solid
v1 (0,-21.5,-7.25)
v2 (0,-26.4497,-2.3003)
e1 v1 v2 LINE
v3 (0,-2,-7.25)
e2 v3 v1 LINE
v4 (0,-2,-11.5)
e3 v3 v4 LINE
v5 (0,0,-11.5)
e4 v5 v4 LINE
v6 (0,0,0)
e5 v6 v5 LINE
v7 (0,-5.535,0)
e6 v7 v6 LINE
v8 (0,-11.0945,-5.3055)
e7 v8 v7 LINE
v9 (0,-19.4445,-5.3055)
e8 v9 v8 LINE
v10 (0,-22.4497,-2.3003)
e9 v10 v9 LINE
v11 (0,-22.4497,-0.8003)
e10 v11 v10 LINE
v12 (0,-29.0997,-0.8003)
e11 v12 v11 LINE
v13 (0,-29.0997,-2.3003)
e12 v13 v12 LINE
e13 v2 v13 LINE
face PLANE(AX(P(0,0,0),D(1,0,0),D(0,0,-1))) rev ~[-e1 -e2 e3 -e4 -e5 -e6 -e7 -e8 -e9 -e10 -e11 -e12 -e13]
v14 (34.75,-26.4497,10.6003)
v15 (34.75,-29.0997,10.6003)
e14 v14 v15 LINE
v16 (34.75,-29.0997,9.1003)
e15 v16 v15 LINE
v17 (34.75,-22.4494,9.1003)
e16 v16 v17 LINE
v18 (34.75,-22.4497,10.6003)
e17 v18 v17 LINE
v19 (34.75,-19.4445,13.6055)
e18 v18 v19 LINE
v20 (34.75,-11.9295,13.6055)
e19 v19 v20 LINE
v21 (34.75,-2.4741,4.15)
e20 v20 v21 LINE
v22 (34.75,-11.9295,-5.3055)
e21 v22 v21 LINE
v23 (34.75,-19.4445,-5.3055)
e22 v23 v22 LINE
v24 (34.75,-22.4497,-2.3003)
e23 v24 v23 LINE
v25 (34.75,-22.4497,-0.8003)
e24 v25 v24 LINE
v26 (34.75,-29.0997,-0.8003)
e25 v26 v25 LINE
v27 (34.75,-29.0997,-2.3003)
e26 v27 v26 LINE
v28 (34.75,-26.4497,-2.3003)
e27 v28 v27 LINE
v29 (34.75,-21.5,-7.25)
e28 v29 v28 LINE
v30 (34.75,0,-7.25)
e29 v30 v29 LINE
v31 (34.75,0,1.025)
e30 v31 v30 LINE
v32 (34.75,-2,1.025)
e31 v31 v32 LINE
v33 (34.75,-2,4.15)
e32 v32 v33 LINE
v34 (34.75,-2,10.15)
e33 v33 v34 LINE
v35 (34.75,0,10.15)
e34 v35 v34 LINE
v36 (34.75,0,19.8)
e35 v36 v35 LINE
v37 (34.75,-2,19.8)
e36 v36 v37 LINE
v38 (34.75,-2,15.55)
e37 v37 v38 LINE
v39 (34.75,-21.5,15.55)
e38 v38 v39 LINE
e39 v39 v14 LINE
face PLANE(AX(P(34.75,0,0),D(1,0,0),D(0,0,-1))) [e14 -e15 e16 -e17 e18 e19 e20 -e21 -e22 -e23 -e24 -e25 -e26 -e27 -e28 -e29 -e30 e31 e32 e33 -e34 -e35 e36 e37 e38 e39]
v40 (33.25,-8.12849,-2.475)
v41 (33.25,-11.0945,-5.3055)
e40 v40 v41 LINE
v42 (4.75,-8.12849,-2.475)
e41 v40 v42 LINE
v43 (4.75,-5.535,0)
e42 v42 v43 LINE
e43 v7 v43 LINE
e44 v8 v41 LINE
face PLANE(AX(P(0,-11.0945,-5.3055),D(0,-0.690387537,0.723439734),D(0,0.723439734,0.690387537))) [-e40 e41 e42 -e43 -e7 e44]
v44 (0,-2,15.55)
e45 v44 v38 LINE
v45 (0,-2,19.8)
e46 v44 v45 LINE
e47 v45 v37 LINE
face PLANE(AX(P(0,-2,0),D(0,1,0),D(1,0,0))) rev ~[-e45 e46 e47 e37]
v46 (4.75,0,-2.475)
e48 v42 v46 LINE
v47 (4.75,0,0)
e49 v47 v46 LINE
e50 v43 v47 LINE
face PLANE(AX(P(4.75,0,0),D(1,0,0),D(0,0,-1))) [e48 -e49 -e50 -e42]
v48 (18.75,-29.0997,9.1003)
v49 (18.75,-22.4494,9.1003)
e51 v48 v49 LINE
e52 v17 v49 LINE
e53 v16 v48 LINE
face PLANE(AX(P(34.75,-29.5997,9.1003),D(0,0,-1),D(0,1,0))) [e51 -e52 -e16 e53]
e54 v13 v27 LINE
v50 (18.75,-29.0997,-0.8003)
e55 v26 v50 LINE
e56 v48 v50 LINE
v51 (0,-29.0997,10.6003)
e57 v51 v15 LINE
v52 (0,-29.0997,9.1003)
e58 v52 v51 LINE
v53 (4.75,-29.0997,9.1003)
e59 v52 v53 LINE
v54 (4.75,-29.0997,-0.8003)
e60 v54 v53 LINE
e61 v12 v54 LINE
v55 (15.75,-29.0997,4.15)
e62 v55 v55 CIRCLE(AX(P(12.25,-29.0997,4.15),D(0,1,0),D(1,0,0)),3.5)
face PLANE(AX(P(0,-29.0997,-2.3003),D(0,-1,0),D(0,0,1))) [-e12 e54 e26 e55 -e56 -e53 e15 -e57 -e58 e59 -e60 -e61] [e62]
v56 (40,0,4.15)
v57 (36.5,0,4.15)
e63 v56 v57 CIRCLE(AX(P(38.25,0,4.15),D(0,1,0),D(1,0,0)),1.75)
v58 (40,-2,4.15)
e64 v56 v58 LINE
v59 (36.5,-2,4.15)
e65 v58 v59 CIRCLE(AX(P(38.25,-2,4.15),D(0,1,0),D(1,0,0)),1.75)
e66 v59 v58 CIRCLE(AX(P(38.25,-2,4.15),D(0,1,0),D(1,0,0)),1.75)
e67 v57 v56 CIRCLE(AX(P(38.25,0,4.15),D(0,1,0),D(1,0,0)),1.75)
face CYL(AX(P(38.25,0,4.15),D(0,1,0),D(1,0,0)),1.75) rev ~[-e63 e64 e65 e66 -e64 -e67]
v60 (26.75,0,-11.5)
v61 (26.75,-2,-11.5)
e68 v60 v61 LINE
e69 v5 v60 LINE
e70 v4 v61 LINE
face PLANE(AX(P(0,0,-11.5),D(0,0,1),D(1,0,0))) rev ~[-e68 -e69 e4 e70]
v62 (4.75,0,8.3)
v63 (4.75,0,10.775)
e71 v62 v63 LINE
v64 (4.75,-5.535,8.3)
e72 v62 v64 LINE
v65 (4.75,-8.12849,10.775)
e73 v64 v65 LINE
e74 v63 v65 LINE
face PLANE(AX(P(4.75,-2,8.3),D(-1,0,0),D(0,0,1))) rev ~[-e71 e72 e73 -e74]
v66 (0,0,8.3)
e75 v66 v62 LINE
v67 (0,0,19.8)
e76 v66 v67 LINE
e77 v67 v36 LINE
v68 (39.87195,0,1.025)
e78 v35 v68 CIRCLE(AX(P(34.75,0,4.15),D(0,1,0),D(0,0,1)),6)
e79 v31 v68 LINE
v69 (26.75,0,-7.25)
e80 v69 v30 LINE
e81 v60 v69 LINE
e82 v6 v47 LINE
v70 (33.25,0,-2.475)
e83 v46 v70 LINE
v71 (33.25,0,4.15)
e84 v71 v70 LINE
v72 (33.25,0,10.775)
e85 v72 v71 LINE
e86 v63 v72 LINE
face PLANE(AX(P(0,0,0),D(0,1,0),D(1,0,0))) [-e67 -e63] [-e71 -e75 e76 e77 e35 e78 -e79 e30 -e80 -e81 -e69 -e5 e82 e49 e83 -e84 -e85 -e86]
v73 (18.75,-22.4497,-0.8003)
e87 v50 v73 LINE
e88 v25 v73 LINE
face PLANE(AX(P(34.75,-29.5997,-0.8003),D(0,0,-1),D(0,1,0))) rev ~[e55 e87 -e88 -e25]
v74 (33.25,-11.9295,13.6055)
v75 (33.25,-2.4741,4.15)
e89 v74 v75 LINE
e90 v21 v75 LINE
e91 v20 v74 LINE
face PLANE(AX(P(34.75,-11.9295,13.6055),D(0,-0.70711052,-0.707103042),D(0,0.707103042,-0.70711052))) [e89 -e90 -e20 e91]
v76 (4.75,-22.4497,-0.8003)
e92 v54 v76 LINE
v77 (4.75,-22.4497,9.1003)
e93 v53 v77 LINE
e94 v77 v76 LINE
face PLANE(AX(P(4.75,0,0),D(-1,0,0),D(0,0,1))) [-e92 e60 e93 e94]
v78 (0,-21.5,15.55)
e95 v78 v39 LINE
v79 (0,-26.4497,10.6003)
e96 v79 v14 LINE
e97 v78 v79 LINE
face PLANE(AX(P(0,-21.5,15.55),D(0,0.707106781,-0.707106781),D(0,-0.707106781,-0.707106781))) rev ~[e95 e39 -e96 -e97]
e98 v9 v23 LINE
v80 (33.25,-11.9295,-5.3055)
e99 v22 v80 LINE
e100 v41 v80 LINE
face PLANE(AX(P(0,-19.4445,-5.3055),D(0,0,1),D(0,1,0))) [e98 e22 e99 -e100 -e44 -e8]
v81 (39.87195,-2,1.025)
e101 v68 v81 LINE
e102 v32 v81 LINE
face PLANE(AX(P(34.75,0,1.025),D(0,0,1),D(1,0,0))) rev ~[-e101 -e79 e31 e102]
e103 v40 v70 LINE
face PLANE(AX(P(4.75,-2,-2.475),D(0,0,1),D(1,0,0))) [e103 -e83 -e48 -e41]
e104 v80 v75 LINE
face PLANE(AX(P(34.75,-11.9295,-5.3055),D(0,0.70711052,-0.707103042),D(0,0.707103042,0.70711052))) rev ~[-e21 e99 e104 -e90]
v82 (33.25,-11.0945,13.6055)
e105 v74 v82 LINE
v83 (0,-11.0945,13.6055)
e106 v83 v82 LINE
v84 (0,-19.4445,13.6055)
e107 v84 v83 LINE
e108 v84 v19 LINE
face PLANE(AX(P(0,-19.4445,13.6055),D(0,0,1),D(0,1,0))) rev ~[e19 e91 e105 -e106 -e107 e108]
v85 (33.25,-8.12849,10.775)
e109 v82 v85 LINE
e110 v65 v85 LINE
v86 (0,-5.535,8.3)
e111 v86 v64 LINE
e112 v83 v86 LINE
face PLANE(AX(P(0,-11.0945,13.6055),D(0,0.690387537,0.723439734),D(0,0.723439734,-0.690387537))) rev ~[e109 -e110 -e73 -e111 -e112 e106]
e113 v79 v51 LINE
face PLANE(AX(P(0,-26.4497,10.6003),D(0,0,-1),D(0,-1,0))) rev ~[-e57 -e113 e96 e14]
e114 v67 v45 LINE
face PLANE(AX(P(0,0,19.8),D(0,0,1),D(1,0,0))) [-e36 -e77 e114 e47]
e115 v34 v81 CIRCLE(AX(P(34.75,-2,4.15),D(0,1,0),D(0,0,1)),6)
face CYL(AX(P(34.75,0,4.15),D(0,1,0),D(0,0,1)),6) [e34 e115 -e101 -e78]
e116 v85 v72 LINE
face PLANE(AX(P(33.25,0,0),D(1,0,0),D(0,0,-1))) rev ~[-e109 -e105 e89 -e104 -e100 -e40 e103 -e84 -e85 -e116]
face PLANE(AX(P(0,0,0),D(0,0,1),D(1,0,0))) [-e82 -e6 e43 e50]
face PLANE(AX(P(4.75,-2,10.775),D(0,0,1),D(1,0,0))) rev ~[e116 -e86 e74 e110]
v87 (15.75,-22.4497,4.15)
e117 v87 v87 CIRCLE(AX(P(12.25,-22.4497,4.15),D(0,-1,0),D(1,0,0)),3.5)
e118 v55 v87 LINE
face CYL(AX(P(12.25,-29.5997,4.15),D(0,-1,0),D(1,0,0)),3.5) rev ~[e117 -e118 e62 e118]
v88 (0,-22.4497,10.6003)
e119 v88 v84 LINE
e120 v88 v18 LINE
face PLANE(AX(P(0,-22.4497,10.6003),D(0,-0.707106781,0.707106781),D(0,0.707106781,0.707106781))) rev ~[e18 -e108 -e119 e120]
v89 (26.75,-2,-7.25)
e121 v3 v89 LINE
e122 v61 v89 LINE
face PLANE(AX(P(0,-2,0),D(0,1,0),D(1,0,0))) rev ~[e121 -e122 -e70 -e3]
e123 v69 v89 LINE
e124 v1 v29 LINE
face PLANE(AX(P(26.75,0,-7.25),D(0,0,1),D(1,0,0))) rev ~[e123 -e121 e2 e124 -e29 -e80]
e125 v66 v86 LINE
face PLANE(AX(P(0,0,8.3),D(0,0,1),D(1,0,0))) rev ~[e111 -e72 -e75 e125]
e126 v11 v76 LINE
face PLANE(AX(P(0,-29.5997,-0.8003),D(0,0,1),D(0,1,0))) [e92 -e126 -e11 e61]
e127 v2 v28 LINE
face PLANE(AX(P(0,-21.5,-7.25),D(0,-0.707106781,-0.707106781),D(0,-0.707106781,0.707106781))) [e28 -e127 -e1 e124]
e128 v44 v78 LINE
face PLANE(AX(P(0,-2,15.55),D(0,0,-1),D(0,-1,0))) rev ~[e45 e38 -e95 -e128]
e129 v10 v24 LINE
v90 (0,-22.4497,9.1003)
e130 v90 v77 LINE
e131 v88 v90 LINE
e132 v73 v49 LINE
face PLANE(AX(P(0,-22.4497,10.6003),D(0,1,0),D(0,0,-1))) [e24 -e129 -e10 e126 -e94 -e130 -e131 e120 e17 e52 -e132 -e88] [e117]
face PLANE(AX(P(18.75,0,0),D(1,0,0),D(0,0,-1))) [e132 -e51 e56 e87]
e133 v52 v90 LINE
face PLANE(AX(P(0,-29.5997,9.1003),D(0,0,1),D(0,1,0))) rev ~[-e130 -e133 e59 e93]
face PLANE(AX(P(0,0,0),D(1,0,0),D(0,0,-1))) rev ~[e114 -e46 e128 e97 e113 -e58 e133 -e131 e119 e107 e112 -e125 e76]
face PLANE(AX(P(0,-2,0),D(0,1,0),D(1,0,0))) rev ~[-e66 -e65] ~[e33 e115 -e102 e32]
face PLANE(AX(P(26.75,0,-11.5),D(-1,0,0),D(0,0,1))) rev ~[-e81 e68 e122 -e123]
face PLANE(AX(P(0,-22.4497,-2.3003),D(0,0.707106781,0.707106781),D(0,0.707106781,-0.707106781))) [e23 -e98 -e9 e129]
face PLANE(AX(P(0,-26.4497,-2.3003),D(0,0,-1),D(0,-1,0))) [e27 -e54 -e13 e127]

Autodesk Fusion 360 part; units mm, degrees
sketch "Sketch1" plane through (0, 0, 0) normal (0, 1, 0) x (1, 0, 0)
  line L0 (0, 0) -> (0, 11.5)
  line L1 (0, 0) -> (0, -8.3) construction
  line L2 (0, -8.3) -> (0, -19.8)
  line L3 (0, -19.8) -> (34.75, -19.8)
  line L4 (34.75, -19.8) -> (34.75, -10.025)
  line L5 (0, 11.5) -> (26.75, 11.5)
  line L6 (26.75, 11.5) -> (26.75, 7.25)
  line L7 (26.75, 7.25) -> (34.75, 7.25)
  line L8 (34.75, 7.25) -> (34.75, 1.85)
  line L9 (0, 0) -> (4.75, 0)
  line L10 (0, -8.3) -> (4.75, -8.3)
  line L11 (4.75, 0) -> (4.75, 2.475)
  line L12 (4.75, 2.475) -> (33.25, 2.475)
  line L13 (4.75, -8.3) -> (4.75, -10.775)
  line L14 (4.75, -10.775) -> (33.25, -10.775)
  line L15 (33.25, -10.775) -> (33.25, 2.475)
  line L16 (33.25, -4.15) -> (34.75, -4.15)
  arc A0 (34.75, -10.15) -> (34.75, 1.85) centre (34.75, -4.15) ccw
  line L17 (33.25, -4.15) -> (38.25, -4.15)
  circle A1 centre (38.25, -4.15) radius 1.75
  dimension "d1" = 11.5
  dimension "d2" = 8.3
  dimension "d3" = 11.5
  dimension "d4" = 34.75
  dimension "d5" = 9.775
  dimension "d6" = 26.75
  dimension "d7" = 4.25
  dimension "d8" = 8
  dimension "d10" = 4.75
  dimension "d11" = 4.75
  dimension "d12" = 2.475
  dimension "d13" = 28.5
  dimension "d14" = 2.475
  dimension "d15" = 28.5
  dimension "d16" = 12
  dimension "d17" = 5
  dimension "d18" = 3.5
extrude "Extrude1" add sketch "Sketch1" against normal blind 2
sketch "Sketch2" plane through (0, 0, 0) normal (-1, 0, 0) x (0, 0, 1)
  line L0 (0, 0) -> (-11.5, 0)
  line L1 (-11.5, 0) -> (-11.5, -2)
  line L2 (-11.5, -2) -> (0, -2)
  line L3 (0, -2) -> (0, 0)
  line L4 (0, -2) -> (0, -5.535)
  line L5 (8.3, -2) -> (8.3, -5.535)
  line L6 (0, -2) -> (-7.25, -2) construction
  line L7 (8.3, -2) -> (15.55, -2) construction
  line L8 (-7.25, -2) -> (-7.25, -21.5)
  line L9 (15.55, -2) -> (15.55, -21.5)
  line L10 (-7.25, -21.5) -> (-2.3003, -26.4497)
  line L11 (-7.25, -21.5) -> (-0.25, -21.5) construction
  line L12 (15.55, -21.5) -> (10.6003, -26.4497)
  line L13 (15.55, -21.5) -> (22.55, -21.5) construction
  line L14 (-2.3003, -26.4497) -> (-2.3003, -29.5997)
  line L15 (10.6003, -26.4497) -> (10.6003, -29.5997)
  line L16 (-2.3003, -29.5997) -> (10.6003, -29.5997)
  line L17 (-2.3003, -29.5997) -> (-2.3003, -22.4497) construction
  line L18 (10.6003, -29.5997) -> (10.6003, -22.4497) construction
  line L19 (10.6003, -22.4497) -> (-2.3003, -22.4497)
  line L20 (-2.3003, -22.4497) -> (-5.3055, -19.4445)
  line L21 (-2.3003, -22.4497) -> (1.9497, -22.4497) construction
  line L22 (10.6003, -22.4497) -> (13.6055, -19.4445)
  line L23 (10.6003, -22.4497) -> (14.8503, -22.4497) construction
  line L24 (-5.3055, -19.4445) -> (-5.3055, -11.0945)
  line L25 (13.6055, -19.4445) -> (13.6055, -11.0945)
  line L26 (-5.3055, -11.0945) -> (0, -5.535)
  line L27 (13.6055, -11.0945) -> (8.3, -5.535)
  line L28 (-7.25, -2) -> (0, -2)
  line L29 (8.3, -2) -> (15.55, -2)
  point P0 (8.3, -2)
  dimension "d24" = 3.535
  dimension "d25" = 3.535
  dimension "d26" = 7.25
  dimension "d27" = 7.25
  dimension "d28" = 19.5
  dimension "d29" = 19.5
  dimension "d30" = 45
  dimension "d31" = 7
  dimension "d32" = 135
  dimension "d33" = 7
  dimension "d34" = 3.15
  dimension "d35" = 3.15
  dimension "d36" = 7.15
  dimension "d37" = 7.15
  dimension "d38" = 135
  dimension "d39" = 4.25
  dimension "d40" = 45
  dimension "d41" = 4.25
  dimension "d42" = 8.35
  dimension "d43" = 8.35
extrude "Extrude2" add sketch "Sketch2" against normal blind 34.75 contours L2 L4 L5 L8 L9 L10 L12 L14 L15 L16 L19 L20 L22 L24 L25 L26 L27 L28 L29
extrude "Extrude3" cut 2 faces at (14.25, -2, -1.65) (23.75, -2, 9.125) along direction (0, -1, 0) blind 10
sketch "Sketch3" plane through (0, 0, 0) normal (0, 1, 0) x (-1, 0, 0)
  circle A0 centre (-38.25, 4.15) radius 1.75
  line L0 (0, 8.3) -> (0, 19.8)
  line L1 (0, 19.8) -> (-34.75, 19.8)
  line L2 (-34.75, 19.8) -> (-34.75, 10.15)
  arc A1 (-34.75, 10.15) -> (-34.75, -1.85) centre (-34.75, 4.15) ccw
  line L3 (-34.75, -1.85) -> (-34.75, -7.25)
  line L4 (-34.75, -7.25) -> (-26.75, -7.25)
  line L5 (-26.75, -7.25) -> (-26.75, -11.5)
  line L6 (-26.75, -11.5) -> (0, -11.5)
  line L7 (0, -11.5) -> (0, 0)
  line L8 (0, 0) -> (-4.75, 0)
  line L9 (-4.75, 0) -> (-4.75, -2.475)
  line L10 (-4.75, -2.475) -> (-33.25, -2.475)
  line L11 (-33.25, -2.475) -> (-33.25, 10.775)
  line L12 (-33.25, 10.775) -> (-4.75, 10.775)
  line L13 (-4.75, 10.775) -> (-4.75, 8.3)
  line L14 (-4.75, 8.3) -> (0, 8.3)
  line L15 (-34.75, -1.85) -> (-34.75, 1.025)
  line L16 (-34.75, 1.025) -> (-41.4539, 1.025)
  dimension "d48" = 2.875
extrude "Extrude4" cut sketch "Sketch3" against normal blind 13 contours A1 L15 L16
sketch "Sketch4" plane through (34.75, 0, 0) normal (1, 0, 0) x (0, 0, -1)
  line L0 (0, -5.535) -> (5.3055, -11.0945)
  line L1 (5.3055, -11.0945) -> (5.3055, -19.4445)
  line L2 (5.3055, -19.4445) -> (2.3003, -22.4497)
  line L3 (2.3003, -22.4497) -> (-10.6003, -22.4497)
  line L4 (-10.6003, -22.4497) -> (-13.6055, -19.4445)
  line L5 (-13.6055, -19.4445) -> (-13.6055, -11.0945)
  line L6 (-13.6055, -11.0945) -> (-8.3, -5.535)
  line L7 (-8.3, -5.535) -> (-8.3, -2)
  line L8 (-8.3, -2) -> (-10.15, -2)
  line L9 (-10.15, -2) -> (-10.15, 0)
  line L10 (-10.15, 0) -> (-19.8, 0)
  line L11 (-19.8, 0) -> (-19.8, -2)
  line L12 (-19.8, -2) -> (-15.55, -2)
  line L13 (-15.55, -2) -> (-15.55, -21.5)
  line L14 (-15.55, -21.5) -> (-10.6003, -26.4497)
  line L15 (-10.6003, -26.4497) -> (-10.6003, -29.5997)
  line L16 (-10.6003, -29.5997) -> (2.3003, -29.5997)
  line L17 (2.3003, -29.5997) -> (2.3003, -26.4497)
  line L18 (2.3003, -26.4497) -> (7.25, -21.5)
  line L19 (7.25, -21.5) -> (7.25, 0)
  line L20 (7.25, 0) -> (-1.025, 0)
  line L21 (-1.025, 0) -> (-1.025, -2)
  line L22 (-1.025, -2) -> (0, -2)
  line L23 (0, -2) -> (0, -5.535)
  line L24 (-3.535, -2) -> (-3.6055, -1.9295)
  line L25 (0, -5.535) -> (10, -5.535) construction
  line L26 (-4.765, -2) -> (-4.6945, -1.9295)
  line L27 (-8.3, -5.535) -> (1.7, -5.535) construction
  line L28 (-16, -15) -> (-15.5, -15)
  line L29 (-13.6055, -11.0945) -> (-13.6055, -11.9295)
  line L30 (-13.6055, -11.9295) -> (6.3945, -11.9295) construction
  line L31 (5.3055, -11.0945) -> (5.3055, -11.9295)
  line L32 (5.3055, -11.9295) -> (25.3055, -11.9295) construction
  line L33 (-8.3, -5.535) -> (-8.3, -2)
  line L34 (-8.3, -2) -> (0, -2)
  line L35 (0, -2) -> (0, -5.535)
  line L36 (0, -5.535) -> (5.3055, -11.0945)
  line L37 (-13.6055, -11.9295) -> (-4.15, -2.4741)
  line L38 (-3.6759, -2) -> (-3.6055, -1.9295)
  line L39 (5.3055, -11.9295) -> (-4.15, -2.4741)
  line L40 (-4.6241, -2) -> (-4.6945, -1.9295)
  dimension "d51" = 135
  dimension "d53" = 45
  dimension "d55" = 0.835
  dimension "d56" = 45
  dimension "d58" = 0.835
  dimension "d59" = 135
extrude "Extrude5" add sketch "Sketch4" against normal blind 1.5 contours L0 L1 L5 L6 L7 L22 L23 L29 L31 L33 L34 L35 L36 L37 L39
sketch "Sketch5" plane through (0, -29.5997, 0) normal (0, -1, 0) x (1, 0, 0)
  line L0 (0, 10.6003) -> (0, -2.3003)
  line L1 (0, -2.3003) -> (34.75, -2.3003)
  line L2 (34.75, -2.3003) -> (34.75, 10.6003)
  line L3 (34.75, 10.6003) -> (0, 10.6003)
  line L4 (0, 4.15) -> (12.25, 4.15)
  circle A0 centre (12.25, 4.15) radius 3.5
  dimension "d63" = 12.25
  dimension "d65" = 7
extrude "Extrude6" cut sketch "Sketch5" against normal blind 13 contours A0
sketch "Sketch6" plane through (34.75, 0, 0) normal (1, 0, 0) x (0, 0, -1)
  line L0 (-1.025, -2) -> (-10.15, -2)
  line L1 (-10.15, -2) -> (-10.15, 0)
  line L2 (-10.15, 0) -> (-19.8, 0)
  line L3 (-19.8, 0) -> (-19.8, -2)
  line L4 (-19.8, -2) -> (-15.55, -2)
  line L5 (-15.55, -2) -> (-15.55, -21.5)
  line L6 (-15.55, -21.5) -> (-10.6003, -26.4497)
  line L7 (-10.6003, -26.4497) -> (-10.6003, -29.5997)
  line L8 (-10.6003, -29.5997) -> (2.3003, -29.5997)
  line L9 (2.3003, -29.5997) -> (2.3003, -26.4497)
  line L10 (2.3003, -26.4497) -> (7.25, -21.5)
  line L11 (7.25, -21.5) -> (7.25, 0)
  line L12 (7.25, 0) -> (-1.025, 0)
  line L13 (-1.025, 0) -> (-1.025, -2)
  line L14 (-13.6055, -11.9295) -> (-4.15, -2.4741)
  line L15 (-4.15, -2.4741) -> (5.3055, -11.9295)
  line L16 (5.3055, -11.9295) -> (5.3055, -19.4445)
  line L17 (5.3055, -19.4445) -> (2.3003, -22.4497)
  line L18 (2.3003, -22.4497) -> (-10.6003, -22.4497)
  line L19 (-10.6003, -22.4497) -> (-13.6055, -19.4445)
  line L20 (-13.6055, -19.4445) -> (-13.6055, -11.9295)
  line L21 (2.3003, -29.5997) -> (0.8003, -29.5997)
  line L22 (-10.6003, -29.5997) -> (-9.1003, -29.5997)
  line L23 (-9.1003, -29.5997) -> (-9.1003, -22.4494)
  line L24 (0.8003, -29.5997) -> (0.8003, -22.4497)
  dimension "d69" = 1.5
  dimension "d70" = 1.5
  dimension "d71" = 7.15
extrude "Extrude7" cut sketch "Sketch6" against normal blind 16 contours L8 L18 L23 L24
sketch "Sketch7" plane through (0, 0, 0) normal (-1, 0, 0) x (0, 0, 1)
  line L0 (0, 0) -> (-11.5, 0)
  line L1 (-11.5, 0) -> (-11.5, -2)
  line L2 (-11.5, -2) -> (-7.25, -2)
  line L3 (-7.25, -2) -> (-7.25, -21.5)
  line L4 (-7.25, -21.5) -> (-2.3003, -26.4497)
  line L5 (-2.3003, -26.4497) -> (-2.3003, -29.5997)
  line L6 (-2.3003, -29.5997) -> (10.6003, -29.5997)
  line L7 (10.6003, -29.5997) -> (10.6003, -26.4497)
  line L8 (10.6003, -26.4497) -> (15.55, -21.5)
  line L9 (15.55, -21.5) -> (15.55, -2)
  line L10 (15.55, -2) -> (19.8, -2)
  line L11 (19.8, -2) -> (19.8, 0)
  line L12 (19.8, 0) -> (8.3, 0)
  line L13 (8.3, 0) -> (8.3, -5.535)
  line L14 (8.3, -5.535) -> (13.6055, -11.0945)
  line L15 (13.6055, -11.0945) -> (13.6055, -19.4445)
  line L16 (13.6055, -19.4445) -> (10.6003, -22.4497)
  line L17 (10.6003, -22.4497) -> (-2.3003, -22.4497)
  line L18 (-2.3003, -22.4497) -> (-5.3055, -19.4445)
  line L19 (-5.3055, -19.4445) -> (-5.3055, -11.0945)
  line L20 (-5.3055, -11.0945) -> (0, -5.535)
  line L21 (0, -5.535) -> (0, 0)
  line L22 (10.6003, -29.5997) -> (9.1003, -29.5997)
  line L23 (-2.3003, -29.5997) -> (-0.8003, -29.5997)
  line L24 (-0.8003, -29.5997) -> (-0.8003, -22.4497)
  line L25 (9.1003, -29.5997) -> (9.1003, -22.4497)
  point P0 (-0.8003, -22.4497)
  point P1 (9.1003, -22.4497)
  dimension "d74" = 1.5
  dimension "d75" = 1.5
extrude "Extrude8" cut sketch "Sketch7" against normal blind 4.75 contours L6 L17 L24 L25
extrude "Extrude9" cut 1 faces at (6.0833, -29.5997, 4.15) along direction (0, 1, 0) blind 0.5
sketch "Sketch8" plane through (0, 0, 0) normal (0, 1, 0) x (-1, 0, 0)
  line L0 (-39.872, 1.025) -> (-34.75, 1.025)
  line L1 (-34.75, 1.025) -> (-34.75, -7.25)
  line L2 (-34.75, -7.25) -> (-26.75, -7.25)
  line L3 (-26.75, -7.25) -> (-26.75, -11.5)
  line L4 (-26.75, -11.5) -> (0, -11.5)
  line L5 (0, -11.5) -> (0, 0)
  line L6 (0, 0) -> (-4.75, 0)
  line L7 (-4.75, 0) -> (-4.75, -2.475)
  line L8 (-4.75, -2.475) -> (-33.25, -2.475)
  line L9 (-33.25, -2.475) -> (-33.25, 10.775)
  line L10 (-33.25, 10.775) -> (-4.75, 10.775)
  line L11 (-4.75, 10.775) -> (-4.75, 8.3)
  line L12 (-4.75, 8.3) -> (0, 8.3)
  line L13 (0, 8.3) -> (0, 19.8)
  line L14 (0, 19.8) -> (-34.75, 19.8)
  line L15 (-34.75, 19.8) -> (-34.75, 10.15)
  arc A0 (-34.75, 10.15) -> (-39.872, 1.025) centre (-34.75, 4.15) ccw
  circle A1 centre (-38.25, 4.15) radius 1.75
  line L16 (-34.75, 10.15) -> (-34.75, 1.025)
  line L17 (-34.75, 4.15) -> (-38.25, 4.15)
equation "d17 = HolePosX"
equation "d18 = HoleSize"
equation "HolePosX = 5 mm"
equation "HoleSize = 3.5 mm"
equation "d21 = -TopThickness"
equation "TopThickness = 2 mm"
equation "d63 = JointPosX"
equation "JointPosX = 12.25 mm"
equation "d65 = HoleBall"
equation "HoleBall = 7 mm"
